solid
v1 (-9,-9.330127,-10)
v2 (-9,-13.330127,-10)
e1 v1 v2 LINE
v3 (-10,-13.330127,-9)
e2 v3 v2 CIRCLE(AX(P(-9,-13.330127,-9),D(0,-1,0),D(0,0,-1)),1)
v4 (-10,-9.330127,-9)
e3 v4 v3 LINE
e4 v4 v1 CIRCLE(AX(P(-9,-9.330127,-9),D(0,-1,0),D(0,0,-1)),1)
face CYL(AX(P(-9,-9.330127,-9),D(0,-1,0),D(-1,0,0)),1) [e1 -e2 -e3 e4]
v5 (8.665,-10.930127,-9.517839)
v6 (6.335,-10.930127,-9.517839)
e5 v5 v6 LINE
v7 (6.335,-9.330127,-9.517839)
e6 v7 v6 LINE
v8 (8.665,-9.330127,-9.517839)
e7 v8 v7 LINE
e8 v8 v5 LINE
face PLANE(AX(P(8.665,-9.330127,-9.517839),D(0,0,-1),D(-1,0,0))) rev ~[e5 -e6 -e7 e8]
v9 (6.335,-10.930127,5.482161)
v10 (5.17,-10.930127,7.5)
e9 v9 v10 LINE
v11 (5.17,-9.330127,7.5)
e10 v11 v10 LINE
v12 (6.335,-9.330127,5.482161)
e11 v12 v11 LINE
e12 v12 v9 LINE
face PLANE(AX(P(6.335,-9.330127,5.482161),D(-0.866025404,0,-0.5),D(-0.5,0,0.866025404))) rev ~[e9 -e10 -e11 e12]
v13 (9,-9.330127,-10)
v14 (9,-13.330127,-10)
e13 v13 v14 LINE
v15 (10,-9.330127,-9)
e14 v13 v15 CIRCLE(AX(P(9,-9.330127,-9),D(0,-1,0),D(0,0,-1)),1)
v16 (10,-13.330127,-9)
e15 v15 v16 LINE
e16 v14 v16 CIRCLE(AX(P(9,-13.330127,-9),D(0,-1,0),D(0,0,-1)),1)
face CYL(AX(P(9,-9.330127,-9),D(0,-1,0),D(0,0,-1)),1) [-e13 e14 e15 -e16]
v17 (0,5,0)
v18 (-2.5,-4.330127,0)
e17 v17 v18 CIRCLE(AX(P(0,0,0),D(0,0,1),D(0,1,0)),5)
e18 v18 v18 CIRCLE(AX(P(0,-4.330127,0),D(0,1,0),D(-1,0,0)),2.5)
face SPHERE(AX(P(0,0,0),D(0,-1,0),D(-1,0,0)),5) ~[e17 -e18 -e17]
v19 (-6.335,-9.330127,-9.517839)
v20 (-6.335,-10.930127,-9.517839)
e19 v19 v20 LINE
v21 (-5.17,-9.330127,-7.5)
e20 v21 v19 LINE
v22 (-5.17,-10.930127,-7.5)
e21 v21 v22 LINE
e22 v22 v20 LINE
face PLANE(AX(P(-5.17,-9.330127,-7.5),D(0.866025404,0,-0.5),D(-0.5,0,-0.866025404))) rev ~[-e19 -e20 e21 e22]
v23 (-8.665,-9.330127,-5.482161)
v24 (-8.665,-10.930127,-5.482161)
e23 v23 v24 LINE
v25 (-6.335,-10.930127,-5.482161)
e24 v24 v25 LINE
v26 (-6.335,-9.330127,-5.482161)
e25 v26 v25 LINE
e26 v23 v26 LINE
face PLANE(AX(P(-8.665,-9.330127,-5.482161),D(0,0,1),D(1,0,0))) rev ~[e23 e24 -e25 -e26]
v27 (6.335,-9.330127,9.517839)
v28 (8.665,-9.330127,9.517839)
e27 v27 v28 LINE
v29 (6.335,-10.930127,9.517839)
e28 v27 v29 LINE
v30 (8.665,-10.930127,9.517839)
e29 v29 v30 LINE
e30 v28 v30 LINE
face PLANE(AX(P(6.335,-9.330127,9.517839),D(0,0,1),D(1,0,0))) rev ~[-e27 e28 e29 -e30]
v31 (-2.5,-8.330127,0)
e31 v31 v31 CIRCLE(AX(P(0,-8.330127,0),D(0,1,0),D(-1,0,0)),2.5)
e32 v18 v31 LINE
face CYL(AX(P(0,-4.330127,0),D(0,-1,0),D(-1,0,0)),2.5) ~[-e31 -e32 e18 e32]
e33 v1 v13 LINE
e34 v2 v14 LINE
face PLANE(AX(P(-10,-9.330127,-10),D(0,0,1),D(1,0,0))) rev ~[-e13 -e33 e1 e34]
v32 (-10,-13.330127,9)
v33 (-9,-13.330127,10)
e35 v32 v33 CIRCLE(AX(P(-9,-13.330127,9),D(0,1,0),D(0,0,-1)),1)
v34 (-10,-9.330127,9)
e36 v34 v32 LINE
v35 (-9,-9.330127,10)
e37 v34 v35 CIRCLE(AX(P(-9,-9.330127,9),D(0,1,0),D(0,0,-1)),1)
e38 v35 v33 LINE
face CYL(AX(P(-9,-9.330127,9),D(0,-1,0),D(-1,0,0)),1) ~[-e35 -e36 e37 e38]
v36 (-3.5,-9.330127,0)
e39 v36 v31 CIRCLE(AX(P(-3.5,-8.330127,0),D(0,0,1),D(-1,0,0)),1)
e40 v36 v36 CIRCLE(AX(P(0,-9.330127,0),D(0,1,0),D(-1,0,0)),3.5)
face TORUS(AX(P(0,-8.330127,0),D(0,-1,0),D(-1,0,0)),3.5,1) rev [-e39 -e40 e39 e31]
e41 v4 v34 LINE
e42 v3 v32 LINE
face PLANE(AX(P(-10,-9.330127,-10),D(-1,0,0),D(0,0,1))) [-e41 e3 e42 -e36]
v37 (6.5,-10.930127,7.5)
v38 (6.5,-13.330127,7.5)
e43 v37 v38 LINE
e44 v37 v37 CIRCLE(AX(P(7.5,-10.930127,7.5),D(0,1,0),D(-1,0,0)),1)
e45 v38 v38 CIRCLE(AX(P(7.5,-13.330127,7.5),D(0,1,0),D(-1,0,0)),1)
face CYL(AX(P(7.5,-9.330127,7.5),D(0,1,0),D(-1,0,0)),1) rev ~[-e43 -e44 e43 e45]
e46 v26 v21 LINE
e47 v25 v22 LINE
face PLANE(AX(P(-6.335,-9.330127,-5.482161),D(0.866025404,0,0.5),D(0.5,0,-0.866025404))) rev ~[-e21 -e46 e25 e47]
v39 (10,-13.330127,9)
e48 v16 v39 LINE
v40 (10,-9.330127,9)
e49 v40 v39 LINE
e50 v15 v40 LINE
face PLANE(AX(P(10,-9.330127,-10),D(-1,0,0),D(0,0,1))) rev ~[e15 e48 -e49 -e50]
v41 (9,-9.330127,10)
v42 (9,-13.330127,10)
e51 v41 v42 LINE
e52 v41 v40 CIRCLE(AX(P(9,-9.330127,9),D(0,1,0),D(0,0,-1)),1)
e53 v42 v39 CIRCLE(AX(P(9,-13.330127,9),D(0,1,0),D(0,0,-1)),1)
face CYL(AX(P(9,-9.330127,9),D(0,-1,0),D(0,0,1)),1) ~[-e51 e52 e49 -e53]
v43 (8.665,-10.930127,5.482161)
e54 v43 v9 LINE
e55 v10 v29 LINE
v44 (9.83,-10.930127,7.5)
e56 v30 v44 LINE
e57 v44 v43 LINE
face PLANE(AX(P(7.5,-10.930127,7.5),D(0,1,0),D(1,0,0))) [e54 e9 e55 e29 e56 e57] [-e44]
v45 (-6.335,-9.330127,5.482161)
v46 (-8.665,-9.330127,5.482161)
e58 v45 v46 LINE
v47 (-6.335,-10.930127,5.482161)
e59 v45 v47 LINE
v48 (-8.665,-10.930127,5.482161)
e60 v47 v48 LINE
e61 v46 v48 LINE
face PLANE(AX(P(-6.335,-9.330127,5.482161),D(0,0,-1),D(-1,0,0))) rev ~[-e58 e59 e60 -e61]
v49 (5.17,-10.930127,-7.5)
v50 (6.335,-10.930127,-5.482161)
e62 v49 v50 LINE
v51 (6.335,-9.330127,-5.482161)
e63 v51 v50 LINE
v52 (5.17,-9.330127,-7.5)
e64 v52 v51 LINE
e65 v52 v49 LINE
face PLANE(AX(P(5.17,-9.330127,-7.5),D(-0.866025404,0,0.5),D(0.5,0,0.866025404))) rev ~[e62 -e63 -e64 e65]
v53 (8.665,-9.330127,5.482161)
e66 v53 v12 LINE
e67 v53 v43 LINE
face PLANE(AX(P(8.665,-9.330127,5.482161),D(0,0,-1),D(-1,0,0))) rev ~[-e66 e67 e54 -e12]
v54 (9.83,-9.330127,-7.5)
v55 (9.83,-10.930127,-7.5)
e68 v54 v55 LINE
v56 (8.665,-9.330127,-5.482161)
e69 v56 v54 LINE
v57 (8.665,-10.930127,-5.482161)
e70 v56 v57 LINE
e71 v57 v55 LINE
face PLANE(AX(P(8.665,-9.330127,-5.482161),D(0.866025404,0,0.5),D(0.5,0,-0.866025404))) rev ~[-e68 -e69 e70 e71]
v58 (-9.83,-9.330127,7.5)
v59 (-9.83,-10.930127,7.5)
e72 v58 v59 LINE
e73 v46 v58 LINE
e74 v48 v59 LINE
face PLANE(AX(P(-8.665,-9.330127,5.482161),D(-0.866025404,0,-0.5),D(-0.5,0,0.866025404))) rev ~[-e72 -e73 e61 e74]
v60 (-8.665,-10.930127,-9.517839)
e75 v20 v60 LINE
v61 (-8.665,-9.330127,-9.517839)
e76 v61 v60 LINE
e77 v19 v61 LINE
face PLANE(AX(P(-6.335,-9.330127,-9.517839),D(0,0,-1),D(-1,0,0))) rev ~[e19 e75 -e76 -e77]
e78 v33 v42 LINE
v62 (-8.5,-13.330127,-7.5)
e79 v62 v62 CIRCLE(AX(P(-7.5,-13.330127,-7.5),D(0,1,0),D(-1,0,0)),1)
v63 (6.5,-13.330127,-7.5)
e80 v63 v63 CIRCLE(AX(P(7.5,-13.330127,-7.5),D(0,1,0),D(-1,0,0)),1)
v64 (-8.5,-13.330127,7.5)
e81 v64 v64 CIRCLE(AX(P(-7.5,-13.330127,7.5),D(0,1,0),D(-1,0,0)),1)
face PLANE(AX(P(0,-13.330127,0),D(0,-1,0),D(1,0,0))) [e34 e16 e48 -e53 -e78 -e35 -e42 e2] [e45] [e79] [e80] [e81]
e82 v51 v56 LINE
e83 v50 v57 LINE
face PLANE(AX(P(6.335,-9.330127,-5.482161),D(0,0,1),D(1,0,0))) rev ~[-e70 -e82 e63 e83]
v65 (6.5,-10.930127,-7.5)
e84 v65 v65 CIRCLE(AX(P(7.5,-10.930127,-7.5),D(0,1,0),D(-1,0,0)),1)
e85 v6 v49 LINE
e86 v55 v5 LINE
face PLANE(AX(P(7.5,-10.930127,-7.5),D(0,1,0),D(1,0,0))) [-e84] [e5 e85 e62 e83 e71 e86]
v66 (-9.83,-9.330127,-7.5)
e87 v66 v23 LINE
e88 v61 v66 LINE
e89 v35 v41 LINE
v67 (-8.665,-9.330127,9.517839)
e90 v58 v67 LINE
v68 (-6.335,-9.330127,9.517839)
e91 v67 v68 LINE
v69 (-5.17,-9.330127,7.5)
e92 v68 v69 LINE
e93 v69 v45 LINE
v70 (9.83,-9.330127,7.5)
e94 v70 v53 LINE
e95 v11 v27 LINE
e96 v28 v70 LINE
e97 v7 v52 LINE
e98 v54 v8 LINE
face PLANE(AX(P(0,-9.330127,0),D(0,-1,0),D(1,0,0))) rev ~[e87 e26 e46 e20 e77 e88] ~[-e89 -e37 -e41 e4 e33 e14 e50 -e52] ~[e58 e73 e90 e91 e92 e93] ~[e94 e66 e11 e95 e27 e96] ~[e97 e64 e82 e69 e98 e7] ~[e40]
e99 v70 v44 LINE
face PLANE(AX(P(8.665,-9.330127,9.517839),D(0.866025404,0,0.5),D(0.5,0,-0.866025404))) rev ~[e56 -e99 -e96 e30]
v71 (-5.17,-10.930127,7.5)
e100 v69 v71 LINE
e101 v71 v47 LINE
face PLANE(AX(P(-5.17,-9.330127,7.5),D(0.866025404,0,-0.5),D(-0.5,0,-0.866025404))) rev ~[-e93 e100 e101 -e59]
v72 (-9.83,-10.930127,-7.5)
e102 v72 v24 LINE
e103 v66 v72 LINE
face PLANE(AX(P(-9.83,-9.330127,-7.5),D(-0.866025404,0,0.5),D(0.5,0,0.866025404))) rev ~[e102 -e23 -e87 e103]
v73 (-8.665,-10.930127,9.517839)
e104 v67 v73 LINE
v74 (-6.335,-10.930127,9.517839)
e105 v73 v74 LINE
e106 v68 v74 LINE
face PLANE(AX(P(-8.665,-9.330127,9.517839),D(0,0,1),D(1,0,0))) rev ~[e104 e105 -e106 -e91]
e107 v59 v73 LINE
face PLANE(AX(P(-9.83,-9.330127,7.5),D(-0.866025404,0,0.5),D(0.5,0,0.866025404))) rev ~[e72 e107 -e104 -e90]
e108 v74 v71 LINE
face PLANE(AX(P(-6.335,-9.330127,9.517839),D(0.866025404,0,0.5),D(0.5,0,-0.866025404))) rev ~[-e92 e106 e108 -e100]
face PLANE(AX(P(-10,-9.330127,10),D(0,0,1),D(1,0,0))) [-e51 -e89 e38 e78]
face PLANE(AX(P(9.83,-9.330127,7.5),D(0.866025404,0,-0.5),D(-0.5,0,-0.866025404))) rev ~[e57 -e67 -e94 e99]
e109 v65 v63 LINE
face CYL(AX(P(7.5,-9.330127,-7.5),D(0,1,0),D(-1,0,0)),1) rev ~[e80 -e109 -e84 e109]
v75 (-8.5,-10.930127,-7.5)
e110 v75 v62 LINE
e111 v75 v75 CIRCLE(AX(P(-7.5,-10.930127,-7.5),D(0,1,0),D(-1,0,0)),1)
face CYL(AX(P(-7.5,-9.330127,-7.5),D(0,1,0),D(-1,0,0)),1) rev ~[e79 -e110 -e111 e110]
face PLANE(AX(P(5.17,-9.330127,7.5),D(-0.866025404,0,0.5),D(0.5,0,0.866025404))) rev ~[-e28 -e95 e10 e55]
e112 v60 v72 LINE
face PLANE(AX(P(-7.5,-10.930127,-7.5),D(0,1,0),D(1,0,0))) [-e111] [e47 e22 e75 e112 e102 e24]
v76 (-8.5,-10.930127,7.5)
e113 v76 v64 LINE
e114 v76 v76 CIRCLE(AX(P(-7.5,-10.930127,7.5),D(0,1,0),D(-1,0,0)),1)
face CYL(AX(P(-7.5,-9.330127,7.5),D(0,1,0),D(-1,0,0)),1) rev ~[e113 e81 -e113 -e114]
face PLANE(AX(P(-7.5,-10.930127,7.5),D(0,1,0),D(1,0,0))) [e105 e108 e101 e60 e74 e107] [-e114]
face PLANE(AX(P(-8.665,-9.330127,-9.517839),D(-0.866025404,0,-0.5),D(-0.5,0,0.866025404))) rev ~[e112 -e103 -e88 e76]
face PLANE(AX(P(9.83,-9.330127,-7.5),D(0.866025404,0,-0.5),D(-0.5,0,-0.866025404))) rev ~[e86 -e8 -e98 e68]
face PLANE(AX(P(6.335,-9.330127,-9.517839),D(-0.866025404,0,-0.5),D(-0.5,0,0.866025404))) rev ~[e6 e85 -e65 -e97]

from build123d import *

# Parameters (mm, degrees)
ESQUISSE2_W             = 20
ESQUISSE2_H             = 20
BOSS_EXTRU_1_DEPTH      = 4
ENL_V_MAT_EXTRU_1_REACH = 6
ESQUISSE3_R             = 1
CONG_1_R                = 1
ENL_V_MAT_EXTRU_2_DEPTH = 1.6


with BuildPart() as part:
    # Esquisse1 → Révolution1 (revolve)
    with BuildSketch(Plane.XY):
        with BuildLine():
            Line((-2.5, -4.330127019), (-2.5, -9.330127019))
            Line((-2.5, -9.330127019), (0, -9.330127019))
            Line((0, -9.330127019), (0, 5))
            ThreePointArc((0, 5), (-4.829629131, 1.294095226), (-2.5, -4.330127019))
        make_face()
    revolve(axis=Axis((0, -9.330127019, 0), (0, 1, 0)))

    # Esquisse2 → Boss.-Extru.1 (add)
    with BuildSketch(Plane.XZ.offset(9.330127019)):
        Rectangle(ESQUISSE2_W, ESQUISSE2_H)
    extrude(amount=BOSS_EXTRU_1_DEPTH)

    # Esquisse3 → Enlèv. mat.-Extru.1 (cut, up to next)
    with BuildSketch(Plane(origin=(0, -9.330127019, 0), x_dir=(1, 0, 0), z_dir=(0, 1, 0)), mode=Mode.PRIVATE) as enl_v_mat_extru_1_sk1:
        with Locations(Location((7.5, -7.5, 0), (0, 0, 180))):  # turned: the seam where the file's is
            Circle(ESQUISSE3_R)
    enl_v_mat_extru_1_tool1 = extrude(enl_v_mat_extru_1_sk1.sketch, amount=-ENL_V_MAT_EXTRU_1_REACH, mode=Mode.PRIVATE) & part.part
    add(enl_v_mat_extru_1_tool1.solids().sort_by_distance((7.5, -9.330127, 7.5))[0], mode=Mode.SUBTRACT)
    # Esquisse3 → Enlèv. mat.-Extru.1 (cut, up to next)
    with BuildSketch(Plane(origin=(0, -9.330127019, 0), x_dir=(1, 0, 0), z_dir=(0, 1, 0)), mode=Mode.PRIVATE) as enl_v_mat_extru_1_sk2:
        with Locations(Location((7.5, 7.5, 0), (0, 0, 180))):  # turned: the seam where the file's is
            Circle(ESQUISSE3_R)
    enl_v_mat_extru_1_tool2 = extrude(enl_v_mat_extru_1_sk2.sketch, amount=-ENL_V_MAT_EXTRU_1_REACH, mode=Mode.PRIVATE) & part.part
    add(enl_v_mat_extru_1_tool2.solids().sort_by_distance((7.5, -9.330127, -7.5))[0], mode=Mode.SUBTRACT)
    # Esquisse3 → Enlèv. mat.-Extru.1 (cut, up to next)
    with BuildSketch(Plane(origin=(0, -9.330127019, 0), x_dir=(1, 0, 0), z_dir=(0, 1, 0)), mode=Mode.PRIVATE) as enl_v_mat_extru_1_sk3:
        with Locations(Location((-7.5, 7.5, 0), (0, 0, 180))):  # turned: the seam where the file's is
            Circle(ESQUISSE3_R)
    enl_v_mat_extru_1_tool3 = extrude(enl_v_mat_extru_1_sk3.sketch, amount=-ENL_V_MAT_EXTRU_1_REACH, mode=Mode.PRIVATE) & part.part
    add(enl_v_mat_extru_1_tool3.solids().sort_by_distance((-7.5, -9.330127, -7.5))[0], mode=Mode.SUBTRACT)
    # Esquisse3 → Enlèv. mat.-Extru.1 (cut, up to next)
    with BuildSketch(Plane(origin=(0, -9.330127019, 0), x_dir=(1, 0, 0), z_dir=(0, 1, 0)), mode=Mode.PRIVATE) as enl_v_mat_extru_1_sk4:
        with Locations(Location((-7.5, -7.5, 0), (0, 0, 180))):  # turned: the seam where the file's is
            Circle(ESQUISSE3_R)
    enl_v_mat_extru_1_tool4 = extrude(enl_v_mat_extru_1_sk4.sketch, amount=-ENL_V_MAT_EXTRU_1_REACH, mode=Mode.PRIVATE) & part.part
    add(enl_v_mat_extru_1_tool4.solids().sort_by_distance((-7.5, -9.330127, 7.5))[0], mode=Mode.SUBTRACT)

    # Congé1
    cong_1_edges = [part.edges().sort_by_distance(p)[0] for p in [
        (-10, -11.330127019, -10),
        (10, -11.330127019, -10),
        (10, -11.330127019, 10),
        (2.5, -9.330127019, 0),
        (-10, -11.330127019, 10),
    ]]
    fillet(cong_1_edges, radius=CONG_1_R)

    # Esquisse4 → Enlèv. mat.-Extru.2 (cut)
    with BuildSketch(Plane(origin=(0, -9.330127019, 0), x_dir=(1, 0, 0), z_dir=(0, 1, 0))):
        Polygon((-6.335, -5.482160809), (-8.665, -5.482160809), (-9.83, -7.5), (-8.665, -9.517839191), (-6.335, -9.517839191), (-5.17, -7.5), align=None)
        Polygon((9.83, -7.5), (8.665, -5.482160809), (6.335, -5.482160809), (5.17, -7.5), (6.335, -9.517839191), (8.665, -9.517839191), align=None)
        Polygon((8.665, 5.482160809), (9.83, 7.5), (8.665, 9.517839191), (6.335, 9.517839191), (5.17, 7.5), (6.335, 5.482160809), align=None)
        Polygon((-5.17, 7.5), (-6.335, 9.517839191), (-8.665, 9.517839191), (-9.83, 7.5), (-8.665, 5.482160809), (-6.335, 5.482160809), align=None)
    extrude(amount=-ENL_V_MAT_EXTRU_2_DEPTH, mode=Mode.SUBTRACT)


solid = part.part
